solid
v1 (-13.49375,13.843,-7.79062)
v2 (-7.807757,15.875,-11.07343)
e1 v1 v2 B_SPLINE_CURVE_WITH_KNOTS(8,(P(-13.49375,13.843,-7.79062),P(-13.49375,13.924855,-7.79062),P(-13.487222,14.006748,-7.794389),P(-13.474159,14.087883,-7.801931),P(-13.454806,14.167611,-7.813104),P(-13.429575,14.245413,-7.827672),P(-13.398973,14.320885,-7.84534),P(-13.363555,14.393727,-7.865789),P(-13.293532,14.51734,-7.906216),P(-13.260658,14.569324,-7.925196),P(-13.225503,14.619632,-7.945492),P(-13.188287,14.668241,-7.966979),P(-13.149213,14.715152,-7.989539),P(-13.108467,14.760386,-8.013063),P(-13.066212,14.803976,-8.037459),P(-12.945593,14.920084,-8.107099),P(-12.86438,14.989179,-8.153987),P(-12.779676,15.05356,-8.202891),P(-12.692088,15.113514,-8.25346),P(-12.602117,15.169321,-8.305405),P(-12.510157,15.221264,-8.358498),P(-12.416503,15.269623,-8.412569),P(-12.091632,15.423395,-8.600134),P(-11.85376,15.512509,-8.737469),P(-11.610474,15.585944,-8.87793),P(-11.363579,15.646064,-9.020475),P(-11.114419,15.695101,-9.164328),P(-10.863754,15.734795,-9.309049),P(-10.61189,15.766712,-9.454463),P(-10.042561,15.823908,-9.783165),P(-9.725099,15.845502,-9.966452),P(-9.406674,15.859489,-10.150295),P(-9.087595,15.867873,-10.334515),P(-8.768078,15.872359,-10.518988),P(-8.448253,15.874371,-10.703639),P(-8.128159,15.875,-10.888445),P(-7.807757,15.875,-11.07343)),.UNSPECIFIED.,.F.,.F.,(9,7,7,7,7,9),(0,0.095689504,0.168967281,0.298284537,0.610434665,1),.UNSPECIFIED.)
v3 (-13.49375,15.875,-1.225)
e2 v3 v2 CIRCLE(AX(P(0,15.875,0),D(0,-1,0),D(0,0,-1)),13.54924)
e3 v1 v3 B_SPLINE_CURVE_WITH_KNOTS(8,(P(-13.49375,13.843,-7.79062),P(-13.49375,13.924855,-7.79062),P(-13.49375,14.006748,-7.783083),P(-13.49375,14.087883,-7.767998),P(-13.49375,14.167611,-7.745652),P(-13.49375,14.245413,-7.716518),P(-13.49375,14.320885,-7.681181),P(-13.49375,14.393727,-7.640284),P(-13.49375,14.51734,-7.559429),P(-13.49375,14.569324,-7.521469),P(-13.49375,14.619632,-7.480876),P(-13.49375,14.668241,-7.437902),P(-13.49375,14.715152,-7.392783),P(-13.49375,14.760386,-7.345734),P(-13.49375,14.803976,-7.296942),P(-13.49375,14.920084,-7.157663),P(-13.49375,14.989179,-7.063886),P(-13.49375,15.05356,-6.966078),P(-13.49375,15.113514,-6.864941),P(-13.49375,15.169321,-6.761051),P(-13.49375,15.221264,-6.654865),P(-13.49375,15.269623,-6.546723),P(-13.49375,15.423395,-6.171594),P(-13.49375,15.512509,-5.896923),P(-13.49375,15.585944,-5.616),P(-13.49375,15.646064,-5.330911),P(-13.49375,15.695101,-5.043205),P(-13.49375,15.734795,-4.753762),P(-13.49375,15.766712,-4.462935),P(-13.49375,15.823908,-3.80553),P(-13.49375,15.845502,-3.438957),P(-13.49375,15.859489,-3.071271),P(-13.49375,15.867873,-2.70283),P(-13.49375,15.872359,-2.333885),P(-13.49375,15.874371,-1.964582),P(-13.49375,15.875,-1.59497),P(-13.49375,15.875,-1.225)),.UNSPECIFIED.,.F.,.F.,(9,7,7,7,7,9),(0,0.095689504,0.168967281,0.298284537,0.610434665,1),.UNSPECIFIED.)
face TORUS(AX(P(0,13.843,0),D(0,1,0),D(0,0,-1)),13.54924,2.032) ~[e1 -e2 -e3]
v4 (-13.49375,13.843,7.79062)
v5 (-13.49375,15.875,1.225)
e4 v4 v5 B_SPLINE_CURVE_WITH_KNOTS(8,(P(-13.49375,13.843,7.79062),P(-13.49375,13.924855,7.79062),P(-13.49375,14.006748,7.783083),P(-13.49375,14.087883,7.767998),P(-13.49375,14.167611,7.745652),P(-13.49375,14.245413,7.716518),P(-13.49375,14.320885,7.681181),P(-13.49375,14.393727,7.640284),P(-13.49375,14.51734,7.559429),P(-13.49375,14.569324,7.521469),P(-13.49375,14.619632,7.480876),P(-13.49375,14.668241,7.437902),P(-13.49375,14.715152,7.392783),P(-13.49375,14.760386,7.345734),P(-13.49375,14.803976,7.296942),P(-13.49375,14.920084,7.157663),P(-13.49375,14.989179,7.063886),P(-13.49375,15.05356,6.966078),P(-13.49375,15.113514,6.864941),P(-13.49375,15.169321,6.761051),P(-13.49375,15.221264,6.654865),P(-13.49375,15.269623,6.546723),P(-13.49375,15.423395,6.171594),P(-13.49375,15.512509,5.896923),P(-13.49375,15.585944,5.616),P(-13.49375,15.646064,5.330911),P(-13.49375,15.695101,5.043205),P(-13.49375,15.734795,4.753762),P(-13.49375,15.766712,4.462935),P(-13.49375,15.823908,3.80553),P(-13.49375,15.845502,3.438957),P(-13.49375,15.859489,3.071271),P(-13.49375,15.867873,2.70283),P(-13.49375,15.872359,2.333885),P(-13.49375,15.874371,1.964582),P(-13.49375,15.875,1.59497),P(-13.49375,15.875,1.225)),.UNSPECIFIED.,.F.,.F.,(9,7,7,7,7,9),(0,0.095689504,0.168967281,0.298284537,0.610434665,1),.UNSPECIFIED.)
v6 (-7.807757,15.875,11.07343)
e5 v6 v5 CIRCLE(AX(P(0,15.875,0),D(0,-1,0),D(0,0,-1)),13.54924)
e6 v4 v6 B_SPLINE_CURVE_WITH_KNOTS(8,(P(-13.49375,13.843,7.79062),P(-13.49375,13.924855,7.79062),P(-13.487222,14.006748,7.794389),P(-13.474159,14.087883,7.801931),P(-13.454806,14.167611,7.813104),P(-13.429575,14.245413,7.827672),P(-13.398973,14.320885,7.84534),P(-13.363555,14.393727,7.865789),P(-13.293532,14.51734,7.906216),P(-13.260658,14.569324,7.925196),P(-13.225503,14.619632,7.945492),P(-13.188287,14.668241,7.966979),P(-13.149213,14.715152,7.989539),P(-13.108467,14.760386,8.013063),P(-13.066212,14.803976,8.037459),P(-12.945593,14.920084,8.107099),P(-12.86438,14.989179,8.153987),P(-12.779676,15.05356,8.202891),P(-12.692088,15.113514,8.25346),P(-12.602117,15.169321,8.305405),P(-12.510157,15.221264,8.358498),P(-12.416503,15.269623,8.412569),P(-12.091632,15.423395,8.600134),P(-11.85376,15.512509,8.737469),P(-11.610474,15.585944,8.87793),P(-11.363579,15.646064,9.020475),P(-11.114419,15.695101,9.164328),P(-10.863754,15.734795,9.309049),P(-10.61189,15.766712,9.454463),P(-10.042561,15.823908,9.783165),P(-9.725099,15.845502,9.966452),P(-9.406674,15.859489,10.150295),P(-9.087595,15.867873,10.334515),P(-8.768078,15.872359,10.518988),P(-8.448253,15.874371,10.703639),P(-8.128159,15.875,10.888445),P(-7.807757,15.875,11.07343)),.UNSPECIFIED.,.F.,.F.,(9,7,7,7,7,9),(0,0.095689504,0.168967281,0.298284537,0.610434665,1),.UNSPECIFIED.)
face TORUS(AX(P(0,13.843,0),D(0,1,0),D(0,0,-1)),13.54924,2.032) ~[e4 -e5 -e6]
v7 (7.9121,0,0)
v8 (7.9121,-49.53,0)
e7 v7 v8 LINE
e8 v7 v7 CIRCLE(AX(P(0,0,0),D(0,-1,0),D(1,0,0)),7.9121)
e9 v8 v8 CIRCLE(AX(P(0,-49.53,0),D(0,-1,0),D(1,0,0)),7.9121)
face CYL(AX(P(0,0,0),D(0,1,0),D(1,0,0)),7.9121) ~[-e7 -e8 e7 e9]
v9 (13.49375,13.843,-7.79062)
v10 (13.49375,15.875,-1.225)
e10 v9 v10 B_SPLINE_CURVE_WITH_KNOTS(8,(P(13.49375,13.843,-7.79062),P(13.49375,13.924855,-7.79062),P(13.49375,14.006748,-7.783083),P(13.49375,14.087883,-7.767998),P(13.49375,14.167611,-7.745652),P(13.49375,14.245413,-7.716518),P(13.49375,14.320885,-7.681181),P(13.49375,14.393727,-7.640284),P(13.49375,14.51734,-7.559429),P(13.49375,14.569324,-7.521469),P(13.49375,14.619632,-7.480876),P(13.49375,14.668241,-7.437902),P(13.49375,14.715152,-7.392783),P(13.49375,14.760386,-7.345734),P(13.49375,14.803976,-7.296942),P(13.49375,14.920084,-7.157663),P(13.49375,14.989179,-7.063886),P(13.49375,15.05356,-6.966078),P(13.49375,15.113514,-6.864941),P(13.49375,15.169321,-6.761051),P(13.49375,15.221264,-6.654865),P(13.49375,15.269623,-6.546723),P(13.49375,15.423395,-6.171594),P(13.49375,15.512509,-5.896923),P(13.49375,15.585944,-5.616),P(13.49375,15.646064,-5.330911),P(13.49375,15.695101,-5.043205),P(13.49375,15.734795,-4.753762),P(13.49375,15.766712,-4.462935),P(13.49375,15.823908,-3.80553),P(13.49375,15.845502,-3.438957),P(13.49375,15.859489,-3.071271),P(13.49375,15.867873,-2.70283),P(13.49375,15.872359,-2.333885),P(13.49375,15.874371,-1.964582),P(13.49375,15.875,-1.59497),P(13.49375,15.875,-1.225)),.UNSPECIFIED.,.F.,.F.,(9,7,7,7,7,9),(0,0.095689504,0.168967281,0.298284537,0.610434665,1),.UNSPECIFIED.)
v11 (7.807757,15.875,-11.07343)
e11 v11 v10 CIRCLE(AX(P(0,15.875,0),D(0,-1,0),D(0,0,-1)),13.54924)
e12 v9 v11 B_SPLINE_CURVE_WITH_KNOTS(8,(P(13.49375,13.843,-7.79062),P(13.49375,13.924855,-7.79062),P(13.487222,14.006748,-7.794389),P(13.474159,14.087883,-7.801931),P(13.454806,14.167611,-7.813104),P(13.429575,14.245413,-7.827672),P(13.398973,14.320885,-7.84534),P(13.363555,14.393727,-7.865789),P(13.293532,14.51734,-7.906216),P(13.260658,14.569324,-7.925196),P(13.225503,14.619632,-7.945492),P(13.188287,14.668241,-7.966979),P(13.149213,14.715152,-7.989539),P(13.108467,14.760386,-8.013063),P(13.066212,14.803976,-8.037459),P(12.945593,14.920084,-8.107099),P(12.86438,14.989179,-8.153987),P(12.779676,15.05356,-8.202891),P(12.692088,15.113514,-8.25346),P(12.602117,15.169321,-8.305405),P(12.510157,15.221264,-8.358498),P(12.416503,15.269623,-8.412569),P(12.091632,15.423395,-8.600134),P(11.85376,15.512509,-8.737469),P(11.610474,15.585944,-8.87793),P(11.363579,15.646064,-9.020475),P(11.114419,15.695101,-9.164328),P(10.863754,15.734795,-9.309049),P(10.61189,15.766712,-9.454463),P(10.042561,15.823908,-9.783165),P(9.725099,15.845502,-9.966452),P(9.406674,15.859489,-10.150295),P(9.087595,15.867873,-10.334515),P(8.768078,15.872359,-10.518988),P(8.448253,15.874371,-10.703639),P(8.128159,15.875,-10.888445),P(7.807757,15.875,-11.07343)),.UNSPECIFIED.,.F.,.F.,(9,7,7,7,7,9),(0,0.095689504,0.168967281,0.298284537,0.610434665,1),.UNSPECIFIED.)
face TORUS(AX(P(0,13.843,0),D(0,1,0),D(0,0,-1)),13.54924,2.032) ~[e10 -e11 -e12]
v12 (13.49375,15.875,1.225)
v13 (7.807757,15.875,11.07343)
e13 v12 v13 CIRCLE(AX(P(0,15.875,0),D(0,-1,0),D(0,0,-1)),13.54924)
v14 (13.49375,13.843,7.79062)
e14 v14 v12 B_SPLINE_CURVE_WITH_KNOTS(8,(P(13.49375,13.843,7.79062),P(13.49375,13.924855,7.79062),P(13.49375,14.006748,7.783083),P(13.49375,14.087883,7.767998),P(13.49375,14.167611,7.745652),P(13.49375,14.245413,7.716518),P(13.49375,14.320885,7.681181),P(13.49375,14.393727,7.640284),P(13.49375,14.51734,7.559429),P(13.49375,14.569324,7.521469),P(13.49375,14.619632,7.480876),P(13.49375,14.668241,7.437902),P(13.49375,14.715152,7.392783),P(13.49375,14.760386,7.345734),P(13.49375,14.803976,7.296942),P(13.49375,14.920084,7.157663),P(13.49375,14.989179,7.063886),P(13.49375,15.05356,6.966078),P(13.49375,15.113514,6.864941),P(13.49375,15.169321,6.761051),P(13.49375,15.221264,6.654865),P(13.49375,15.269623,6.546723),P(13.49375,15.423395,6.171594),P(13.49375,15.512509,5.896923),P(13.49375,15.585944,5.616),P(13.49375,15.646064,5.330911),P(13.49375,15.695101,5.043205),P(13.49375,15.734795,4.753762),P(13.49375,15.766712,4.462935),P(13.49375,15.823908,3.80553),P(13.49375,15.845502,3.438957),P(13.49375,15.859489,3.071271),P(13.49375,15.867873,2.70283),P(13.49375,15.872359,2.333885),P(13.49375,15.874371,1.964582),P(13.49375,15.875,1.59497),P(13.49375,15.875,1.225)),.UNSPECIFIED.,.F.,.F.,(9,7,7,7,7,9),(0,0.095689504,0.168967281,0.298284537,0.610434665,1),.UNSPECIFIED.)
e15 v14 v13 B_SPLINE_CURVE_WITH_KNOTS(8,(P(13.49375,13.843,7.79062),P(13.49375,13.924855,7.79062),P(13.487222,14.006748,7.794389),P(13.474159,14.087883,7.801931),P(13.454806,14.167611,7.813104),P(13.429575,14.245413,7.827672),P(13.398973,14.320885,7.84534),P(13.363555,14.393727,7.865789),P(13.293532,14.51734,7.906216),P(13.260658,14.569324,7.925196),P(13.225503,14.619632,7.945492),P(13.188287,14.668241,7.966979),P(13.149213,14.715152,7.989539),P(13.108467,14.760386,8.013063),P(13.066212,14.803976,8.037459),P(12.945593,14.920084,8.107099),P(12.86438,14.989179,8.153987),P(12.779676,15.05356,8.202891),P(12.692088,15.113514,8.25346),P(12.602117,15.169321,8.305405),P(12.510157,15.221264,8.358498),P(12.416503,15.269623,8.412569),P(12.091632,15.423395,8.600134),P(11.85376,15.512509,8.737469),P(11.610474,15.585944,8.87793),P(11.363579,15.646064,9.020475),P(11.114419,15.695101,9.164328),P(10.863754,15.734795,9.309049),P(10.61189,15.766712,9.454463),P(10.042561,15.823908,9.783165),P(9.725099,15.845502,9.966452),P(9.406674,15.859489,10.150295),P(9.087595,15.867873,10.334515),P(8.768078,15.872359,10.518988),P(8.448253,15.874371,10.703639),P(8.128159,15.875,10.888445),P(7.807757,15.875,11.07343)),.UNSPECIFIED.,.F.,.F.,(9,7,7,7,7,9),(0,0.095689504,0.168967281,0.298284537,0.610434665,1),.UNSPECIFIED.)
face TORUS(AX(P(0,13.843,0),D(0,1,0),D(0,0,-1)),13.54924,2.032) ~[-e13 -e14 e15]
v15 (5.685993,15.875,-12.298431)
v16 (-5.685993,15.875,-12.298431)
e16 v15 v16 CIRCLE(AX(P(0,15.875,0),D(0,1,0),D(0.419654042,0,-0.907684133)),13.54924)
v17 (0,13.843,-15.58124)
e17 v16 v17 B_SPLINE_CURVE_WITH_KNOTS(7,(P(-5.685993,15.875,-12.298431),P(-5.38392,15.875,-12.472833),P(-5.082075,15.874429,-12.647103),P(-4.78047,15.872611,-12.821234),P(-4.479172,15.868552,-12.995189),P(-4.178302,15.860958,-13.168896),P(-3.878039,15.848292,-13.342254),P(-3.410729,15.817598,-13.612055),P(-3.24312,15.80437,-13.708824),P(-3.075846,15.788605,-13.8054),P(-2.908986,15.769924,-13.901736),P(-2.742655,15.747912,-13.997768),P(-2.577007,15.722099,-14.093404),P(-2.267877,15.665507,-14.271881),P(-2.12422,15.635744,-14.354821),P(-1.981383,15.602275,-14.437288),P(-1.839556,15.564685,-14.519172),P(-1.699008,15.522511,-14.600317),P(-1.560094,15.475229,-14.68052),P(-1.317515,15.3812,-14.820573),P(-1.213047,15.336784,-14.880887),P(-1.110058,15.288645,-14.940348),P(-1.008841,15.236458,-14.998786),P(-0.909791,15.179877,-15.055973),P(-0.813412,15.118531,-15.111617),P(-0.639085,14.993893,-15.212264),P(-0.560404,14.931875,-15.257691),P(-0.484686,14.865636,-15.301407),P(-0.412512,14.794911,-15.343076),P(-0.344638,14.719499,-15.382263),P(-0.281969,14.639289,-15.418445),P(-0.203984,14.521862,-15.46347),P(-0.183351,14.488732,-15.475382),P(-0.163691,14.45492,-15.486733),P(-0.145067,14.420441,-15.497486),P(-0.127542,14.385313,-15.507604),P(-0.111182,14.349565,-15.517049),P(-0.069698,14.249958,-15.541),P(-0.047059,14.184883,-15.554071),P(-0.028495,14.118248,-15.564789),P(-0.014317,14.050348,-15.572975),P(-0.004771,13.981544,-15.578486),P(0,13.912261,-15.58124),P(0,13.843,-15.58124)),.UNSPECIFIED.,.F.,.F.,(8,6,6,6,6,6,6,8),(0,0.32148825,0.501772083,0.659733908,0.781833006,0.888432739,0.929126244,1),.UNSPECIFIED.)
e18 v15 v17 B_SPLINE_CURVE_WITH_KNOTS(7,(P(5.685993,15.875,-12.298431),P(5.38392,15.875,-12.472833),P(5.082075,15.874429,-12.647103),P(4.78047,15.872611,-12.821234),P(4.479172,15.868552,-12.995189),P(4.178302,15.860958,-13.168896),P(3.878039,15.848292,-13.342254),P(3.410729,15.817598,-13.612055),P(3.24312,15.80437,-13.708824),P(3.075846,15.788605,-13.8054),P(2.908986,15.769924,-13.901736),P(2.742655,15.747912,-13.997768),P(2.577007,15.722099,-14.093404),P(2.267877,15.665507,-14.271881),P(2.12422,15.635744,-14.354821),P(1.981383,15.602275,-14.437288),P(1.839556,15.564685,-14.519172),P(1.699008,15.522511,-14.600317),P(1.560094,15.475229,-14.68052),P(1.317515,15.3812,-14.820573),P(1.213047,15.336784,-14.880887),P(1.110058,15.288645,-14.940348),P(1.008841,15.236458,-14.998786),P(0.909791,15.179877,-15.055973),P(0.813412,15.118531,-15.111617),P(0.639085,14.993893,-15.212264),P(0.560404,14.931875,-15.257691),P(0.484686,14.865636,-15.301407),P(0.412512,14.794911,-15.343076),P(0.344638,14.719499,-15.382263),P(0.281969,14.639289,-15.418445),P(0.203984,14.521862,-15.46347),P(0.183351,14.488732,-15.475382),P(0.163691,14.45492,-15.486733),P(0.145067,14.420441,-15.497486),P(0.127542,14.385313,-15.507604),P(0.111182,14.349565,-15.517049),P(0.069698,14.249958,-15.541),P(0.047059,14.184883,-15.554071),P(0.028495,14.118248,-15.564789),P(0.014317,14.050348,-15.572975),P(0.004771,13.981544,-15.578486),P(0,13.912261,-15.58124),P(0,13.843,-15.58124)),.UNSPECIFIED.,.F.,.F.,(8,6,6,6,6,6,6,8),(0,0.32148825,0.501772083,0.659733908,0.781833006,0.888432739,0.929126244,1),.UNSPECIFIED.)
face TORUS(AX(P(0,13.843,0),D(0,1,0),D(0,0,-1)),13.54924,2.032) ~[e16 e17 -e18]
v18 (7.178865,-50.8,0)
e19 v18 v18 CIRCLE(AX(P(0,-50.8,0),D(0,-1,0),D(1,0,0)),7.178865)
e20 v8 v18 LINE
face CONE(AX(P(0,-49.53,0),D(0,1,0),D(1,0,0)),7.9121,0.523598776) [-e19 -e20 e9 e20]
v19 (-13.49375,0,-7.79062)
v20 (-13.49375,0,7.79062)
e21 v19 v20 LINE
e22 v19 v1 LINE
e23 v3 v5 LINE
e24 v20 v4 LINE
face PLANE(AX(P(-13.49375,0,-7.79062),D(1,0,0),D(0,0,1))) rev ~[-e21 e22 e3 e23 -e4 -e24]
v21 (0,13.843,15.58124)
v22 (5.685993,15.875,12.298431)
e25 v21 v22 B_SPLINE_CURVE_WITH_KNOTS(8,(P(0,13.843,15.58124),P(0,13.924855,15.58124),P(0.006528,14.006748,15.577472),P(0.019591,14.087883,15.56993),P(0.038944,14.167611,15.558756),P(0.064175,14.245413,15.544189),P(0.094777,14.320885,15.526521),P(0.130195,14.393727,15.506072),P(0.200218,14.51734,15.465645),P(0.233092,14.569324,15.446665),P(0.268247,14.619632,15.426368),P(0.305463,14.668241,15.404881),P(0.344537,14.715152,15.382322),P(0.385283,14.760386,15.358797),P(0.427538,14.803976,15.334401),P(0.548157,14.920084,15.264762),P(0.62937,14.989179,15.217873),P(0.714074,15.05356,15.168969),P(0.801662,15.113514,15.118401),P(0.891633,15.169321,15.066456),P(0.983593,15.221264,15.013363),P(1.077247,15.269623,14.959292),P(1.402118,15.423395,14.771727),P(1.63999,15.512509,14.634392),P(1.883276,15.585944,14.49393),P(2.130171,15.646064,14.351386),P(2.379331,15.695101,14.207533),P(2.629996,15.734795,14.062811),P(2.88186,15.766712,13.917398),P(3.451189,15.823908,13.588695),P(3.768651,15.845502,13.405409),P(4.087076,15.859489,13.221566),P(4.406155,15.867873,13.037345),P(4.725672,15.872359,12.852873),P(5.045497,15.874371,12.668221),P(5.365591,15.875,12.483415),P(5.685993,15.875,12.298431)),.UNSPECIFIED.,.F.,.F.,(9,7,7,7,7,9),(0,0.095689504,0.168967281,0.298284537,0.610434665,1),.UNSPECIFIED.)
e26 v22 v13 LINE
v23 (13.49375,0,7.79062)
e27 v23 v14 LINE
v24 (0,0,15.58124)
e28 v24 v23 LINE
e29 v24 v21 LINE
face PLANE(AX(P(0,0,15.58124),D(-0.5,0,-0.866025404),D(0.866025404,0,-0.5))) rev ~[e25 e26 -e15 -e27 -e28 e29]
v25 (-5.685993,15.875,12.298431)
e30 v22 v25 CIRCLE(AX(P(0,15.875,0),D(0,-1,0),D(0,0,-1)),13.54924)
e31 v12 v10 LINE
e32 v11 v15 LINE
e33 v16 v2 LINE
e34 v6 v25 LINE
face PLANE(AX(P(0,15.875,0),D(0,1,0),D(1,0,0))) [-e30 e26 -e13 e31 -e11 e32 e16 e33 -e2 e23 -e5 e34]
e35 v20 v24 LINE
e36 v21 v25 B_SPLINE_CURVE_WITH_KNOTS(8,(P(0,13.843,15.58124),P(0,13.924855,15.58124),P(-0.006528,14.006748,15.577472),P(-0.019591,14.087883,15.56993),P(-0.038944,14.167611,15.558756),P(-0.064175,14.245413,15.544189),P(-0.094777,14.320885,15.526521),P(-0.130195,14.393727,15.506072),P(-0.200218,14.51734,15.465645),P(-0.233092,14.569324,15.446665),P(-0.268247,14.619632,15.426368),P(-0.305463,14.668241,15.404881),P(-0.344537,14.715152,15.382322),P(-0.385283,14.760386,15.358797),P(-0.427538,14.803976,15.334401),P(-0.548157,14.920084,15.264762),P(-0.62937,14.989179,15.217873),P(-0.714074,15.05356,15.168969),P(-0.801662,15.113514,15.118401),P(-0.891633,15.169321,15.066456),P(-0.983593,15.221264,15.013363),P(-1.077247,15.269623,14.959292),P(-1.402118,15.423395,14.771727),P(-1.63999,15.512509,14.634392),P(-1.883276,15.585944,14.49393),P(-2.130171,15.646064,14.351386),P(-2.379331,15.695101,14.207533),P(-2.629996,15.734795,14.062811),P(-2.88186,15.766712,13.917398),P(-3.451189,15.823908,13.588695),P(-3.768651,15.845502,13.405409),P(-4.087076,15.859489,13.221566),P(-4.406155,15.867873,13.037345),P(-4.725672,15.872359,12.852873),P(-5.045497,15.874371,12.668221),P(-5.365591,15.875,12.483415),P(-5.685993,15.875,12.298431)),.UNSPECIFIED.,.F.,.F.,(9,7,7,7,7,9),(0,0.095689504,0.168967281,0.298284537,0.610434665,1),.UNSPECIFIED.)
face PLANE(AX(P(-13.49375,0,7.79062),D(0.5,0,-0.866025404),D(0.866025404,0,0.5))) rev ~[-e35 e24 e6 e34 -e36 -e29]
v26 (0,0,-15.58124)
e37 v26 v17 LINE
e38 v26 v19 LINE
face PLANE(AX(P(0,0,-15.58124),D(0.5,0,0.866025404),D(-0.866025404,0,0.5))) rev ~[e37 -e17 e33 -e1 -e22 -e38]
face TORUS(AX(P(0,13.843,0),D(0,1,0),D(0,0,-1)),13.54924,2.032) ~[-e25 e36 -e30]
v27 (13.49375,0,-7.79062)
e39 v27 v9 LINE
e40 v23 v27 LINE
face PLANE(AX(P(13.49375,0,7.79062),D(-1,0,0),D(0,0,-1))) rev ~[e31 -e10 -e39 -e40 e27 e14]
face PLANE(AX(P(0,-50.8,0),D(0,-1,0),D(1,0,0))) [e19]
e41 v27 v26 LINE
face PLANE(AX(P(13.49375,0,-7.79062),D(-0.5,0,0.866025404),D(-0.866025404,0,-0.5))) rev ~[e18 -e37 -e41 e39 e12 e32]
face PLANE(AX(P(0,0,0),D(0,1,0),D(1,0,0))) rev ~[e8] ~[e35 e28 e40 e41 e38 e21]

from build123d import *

# Parameters (mm, degrees)
BOSS_EXTRUDE1_DEPTH = 15.875
SKETCH6_R           = 7.9121
BOSS_EXTRUDE2_DEPTH = 50.8
CHAMFER1_SIZE       = 1.27
CHAMFER1_SIZE2      = 0.733234842


with BuildPart() as part:
    # Sketch1 → Boss-Extrude1 (new body)
    with BuildSketch(Plane(origin=(0, 0, 0), x_dir=(1, 0, 0), z_dir=(0, 1, 0))):
        Polygon((0, -15.58124039), (13.49375, -7.790620195), (13.49375, 7.790620195), (0, 15.58124039), (-13.49375, 7.790620195), (-13.49375, -7.790620195), align=None)
    extrude(amount=BOSS_EXTRUDE1_DEPTH)

    # Sketch2 → Cut-Revolve1 (revolve, cut)
    with BuildSketch(Plane(origin=(0, 0, 0), x_dir=(0, 0, -1), z_dir=(1, 0, 0))):
        with BuildLine():
            Line((13.54924039, 15.875), (15.58124039, 15.875))
            Line((15.58124039, 15.875), (15.58124039, 13.843))
            ThreePointArc((15.58124039, 13.843), (14.986081369, 15.279840979), (13.54924039, 15.875))
        make_face()
    revolve(axis=Axis((0, 15.875, 0), (0, -1, 0)), mode=Mode.SUBTRACT)

    # Sketch6 → Boss-Extrude2 (add)
    with BuildSketch(Plane.XZ):
        Circle(SKETCH6_R)
    extrude(amount=BOSS_EXTRUDE2_DEPTH)

    # Chamfer1
    chamfer1_edges = [part.edges().sort_by_distance(p)[0] for p in [
        (-7.9121, -50.8, 0),
    ]]
    chamfer1_side = [part.faces().sort_by_distance(p)[0] for p in [
        (-7.9121, -25.4, 0),
    ]]
    chamfer(chamfer1_edges, length=CHAMFER1_SIZE, length2=CHAMFER1_SIZE2, reference=chamfer1_side[0])


solid = part.part
